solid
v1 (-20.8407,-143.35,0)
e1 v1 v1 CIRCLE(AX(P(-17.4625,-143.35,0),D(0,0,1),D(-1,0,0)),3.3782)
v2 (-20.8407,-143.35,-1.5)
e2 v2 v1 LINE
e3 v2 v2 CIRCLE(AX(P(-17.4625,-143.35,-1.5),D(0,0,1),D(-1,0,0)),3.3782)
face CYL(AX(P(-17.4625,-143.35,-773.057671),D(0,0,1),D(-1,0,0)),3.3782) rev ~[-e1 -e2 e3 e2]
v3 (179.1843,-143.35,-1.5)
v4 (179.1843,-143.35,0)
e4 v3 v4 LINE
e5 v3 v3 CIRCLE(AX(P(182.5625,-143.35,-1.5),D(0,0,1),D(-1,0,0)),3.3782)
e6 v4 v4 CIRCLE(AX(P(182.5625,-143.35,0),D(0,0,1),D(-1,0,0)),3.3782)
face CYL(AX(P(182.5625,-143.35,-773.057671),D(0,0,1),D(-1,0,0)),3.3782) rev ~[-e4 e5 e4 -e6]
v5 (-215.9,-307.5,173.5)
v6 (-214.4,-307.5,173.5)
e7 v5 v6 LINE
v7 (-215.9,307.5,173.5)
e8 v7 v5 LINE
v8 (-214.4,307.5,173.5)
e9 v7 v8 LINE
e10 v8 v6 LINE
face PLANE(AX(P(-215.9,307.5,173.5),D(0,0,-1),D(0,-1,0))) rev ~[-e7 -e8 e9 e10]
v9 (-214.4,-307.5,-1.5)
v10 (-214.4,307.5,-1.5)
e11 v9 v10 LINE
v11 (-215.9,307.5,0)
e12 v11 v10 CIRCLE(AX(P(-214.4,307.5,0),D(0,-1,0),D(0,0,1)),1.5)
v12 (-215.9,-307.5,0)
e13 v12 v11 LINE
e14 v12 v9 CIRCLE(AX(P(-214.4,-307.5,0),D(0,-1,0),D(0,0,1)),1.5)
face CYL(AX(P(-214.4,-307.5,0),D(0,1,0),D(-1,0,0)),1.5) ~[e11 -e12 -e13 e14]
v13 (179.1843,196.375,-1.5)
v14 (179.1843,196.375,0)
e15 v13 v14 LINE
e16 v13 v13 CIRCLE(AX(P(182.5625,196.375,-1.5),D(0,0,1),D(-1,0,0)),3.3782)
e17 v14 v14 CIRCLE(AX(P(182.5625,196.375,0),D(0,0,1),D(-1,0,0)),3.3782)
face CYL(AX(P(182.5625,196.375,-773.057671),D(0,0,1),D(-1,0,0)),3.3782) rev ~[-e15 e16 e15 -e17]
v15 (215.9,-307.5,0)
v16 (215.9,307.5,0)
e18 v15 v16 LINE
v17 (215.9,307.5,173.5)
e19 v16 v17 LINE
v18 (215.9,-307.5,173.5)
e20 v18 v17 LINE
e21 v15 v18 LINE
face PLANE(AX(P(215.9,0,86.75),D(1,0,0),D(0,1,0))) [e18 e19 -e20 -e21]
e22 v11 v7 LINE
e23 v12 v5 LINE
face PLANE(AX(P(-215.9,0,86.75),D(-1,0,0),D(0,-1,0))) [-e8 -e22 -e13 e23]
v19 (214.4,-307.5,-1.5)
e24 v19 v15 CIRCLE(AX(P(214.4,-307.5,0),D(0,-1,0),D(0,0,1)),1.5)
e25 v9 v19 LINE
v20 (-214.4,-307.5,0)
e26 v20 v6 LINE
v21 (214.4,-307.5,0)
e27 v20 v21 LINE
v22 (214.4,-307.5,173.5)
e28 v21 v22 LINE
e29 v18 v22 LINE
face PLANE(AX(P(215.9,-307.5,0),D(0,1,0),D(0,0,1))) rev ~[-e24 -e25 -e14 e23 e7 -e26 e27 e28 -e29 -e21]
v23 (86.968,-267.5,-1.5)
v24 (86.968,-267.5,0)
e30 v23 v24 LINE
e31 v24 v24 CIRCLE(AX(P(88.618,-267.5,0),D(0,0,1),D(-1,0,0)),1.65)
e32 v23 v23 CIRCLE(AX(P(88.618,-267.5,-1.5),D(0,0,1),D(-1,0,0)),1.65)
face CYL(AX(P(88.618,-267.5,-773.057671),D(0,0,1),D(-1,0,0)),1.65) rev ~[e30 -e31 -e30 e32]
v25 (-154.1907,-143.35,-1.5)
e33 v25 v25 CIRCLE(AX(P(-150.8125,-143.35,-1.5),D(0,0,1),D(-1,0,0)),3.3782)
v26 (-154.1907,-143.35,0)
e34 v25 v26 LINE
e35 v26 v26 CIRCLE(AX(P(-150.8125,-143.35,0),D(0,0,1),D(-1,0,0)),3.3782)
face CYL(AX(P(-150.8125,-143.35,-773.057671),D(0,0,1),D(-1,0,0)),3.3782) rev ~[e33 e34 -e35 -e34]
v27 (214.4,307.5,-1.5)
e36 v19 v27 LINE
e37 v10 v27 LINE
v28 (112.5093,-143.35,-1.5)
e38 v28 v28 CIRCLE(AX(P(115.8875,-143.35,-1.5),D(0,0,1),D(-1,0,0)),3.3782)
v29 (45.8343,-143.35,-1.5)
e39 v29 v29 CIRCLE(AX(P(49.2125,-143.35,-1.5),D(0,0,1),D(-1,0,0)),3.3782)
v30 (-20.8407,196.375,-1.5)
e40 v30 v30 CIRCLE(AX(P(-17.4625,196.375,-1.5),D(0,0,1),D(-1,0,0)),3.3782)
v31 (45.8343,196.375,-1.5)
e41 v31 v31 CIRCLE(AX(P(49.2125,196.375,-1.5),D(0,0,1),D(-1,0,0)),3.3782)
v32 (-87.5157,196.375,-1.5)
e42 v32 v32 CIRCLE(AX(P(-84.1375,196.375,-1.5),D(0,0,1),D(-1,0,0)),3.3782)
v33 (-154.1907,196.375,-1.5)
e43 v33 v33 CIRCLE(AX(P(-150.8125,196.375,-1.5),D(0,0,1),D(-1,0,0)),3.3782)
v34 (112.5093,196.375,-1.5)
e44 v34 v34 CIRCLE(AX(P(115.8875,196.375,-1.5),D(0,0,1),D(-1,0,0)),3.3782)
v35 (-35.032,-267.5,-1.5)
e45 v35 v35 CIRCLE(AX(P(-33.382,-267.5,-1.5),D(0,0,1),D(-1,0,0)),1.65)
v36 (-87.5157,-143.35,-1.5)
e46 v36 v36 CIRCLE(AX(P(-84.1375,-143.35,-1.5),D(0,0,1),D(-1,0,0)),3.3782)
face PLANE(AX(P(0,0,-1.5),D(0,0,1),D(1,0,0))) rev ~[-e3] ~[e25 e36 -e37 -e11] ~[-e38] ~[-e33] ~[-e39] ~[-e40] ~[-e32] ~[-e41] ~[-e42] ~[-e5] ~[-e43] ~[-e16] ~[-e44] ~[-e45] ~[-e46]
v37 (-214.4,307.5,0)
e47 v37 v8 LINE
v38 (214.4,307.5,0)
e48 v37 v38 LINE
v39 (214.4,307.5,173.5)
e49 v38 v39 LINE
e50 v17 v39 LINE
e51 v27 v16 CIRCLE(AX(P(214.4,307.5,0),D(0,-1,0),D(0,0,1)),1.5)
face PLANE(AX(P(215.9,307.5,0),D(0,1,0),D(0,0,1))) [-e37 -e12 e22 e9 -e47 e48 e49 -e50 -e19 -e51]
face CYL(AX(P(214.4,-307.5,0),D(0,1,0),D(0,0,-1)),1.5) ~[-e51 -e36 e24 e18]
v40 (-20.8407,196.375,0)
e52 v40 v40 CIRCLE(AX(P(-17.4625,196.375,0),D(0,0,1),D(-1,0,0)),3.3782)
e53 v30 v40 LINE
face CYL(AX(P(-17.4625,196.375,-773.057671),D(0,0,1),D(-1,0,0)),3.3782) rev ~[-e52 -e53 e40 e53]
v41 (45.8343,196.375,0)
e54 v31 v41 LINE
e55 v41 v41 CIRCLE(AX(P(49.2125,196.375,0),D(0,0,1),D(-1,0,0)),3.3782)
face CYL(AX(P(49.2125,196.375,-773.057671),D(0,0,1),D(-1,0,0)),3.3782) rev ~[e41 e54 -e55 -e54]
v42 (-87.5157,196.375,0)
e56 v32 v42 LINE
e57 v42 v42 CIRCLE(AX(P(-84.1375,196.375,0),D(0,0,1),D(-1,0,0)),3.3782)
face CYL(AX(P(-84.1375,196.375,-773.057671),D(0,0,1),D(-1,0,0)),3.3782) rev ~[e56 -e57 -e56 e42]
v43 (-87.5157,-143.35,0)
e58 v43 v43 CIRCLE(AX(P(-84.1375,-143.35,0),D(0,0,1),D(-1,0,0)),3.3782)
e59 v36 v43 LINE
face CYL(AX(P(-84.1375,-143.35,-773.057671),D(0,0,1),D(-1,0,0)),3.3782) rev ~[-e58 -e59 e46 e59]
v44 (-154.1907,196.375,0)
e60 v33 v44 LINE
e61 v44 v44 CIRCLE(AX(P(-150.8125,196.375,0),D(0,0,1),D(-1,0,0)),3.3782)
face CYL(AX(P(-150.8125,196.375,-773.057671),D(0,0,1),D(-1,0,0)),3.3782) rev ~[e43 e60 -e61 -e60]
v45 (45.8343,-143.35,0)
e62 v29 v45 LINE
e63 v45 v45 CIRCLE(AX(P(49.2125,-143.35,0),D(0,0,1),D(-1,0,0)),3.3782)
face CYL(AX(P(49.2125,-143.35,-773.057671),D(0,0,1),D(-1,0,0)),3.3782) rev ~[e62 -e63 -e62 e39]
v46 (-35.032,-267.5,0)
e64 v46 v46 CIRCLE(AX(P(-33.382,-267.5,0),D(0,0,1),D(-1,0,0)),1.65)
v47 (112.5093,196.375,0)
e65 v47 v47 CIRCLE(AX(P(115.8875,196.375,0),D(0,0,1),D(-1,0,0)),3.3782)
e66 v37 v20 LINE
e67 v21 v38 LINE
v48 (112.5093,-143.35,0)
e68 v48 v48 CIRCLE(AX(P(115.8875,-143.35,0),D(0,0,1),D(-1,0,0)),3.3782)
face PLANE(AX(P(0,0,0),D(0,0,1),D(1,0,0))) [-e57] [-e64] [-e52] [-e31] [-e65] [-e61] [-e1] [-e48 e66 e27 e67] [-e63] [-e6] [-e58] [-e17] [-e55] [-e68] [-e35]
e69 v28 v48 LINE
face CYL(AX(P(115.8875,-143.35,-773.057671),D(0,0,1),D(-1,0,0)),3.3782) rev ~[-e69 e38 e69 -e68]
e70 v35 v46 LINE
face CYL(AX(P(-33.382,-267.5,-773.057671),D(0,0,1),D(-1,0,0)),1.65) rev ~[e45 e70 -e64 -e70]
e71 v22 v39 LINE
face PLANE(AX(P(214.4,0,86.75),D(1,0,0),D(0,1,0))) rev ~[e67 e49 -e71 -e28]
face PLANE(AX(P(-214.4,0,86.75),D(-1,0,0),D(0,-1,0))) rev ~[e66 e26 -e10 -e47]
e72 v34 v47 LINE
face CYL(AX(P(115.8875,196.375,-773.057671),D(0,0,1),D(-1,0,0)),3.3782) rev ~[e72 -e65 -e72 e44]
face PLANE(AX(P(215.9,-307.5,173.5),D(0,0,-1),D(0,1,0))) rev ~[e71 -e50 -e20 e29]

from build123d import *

# Parameters (mm, degrees)
F0_W     = 431.8
F0_H     = 615
F1_DEPTH = 1.5
F2_W     = 615
F2_H     = 173.5
F3_DEPTH = 1.5
F4_W     = 615
F4_H     = 173.5
F5_DEPTH = 1.5
F6_R     = 1.5
F8_D     = 6.7564
F9_D     = 3.3


with BuildPart() as f1:
    # F0 (on Top) → F1 (new body)
    with BuildSketch(Plane.XY):
        Rectangle(F0_W, F0_H)
    extrude(amount=-F1_DEPTH)

    # F2 (on face) → F3 (join)
    with BuildSketch(Plane(origin=(-215.9, 0, 0), x_dir=(0, -1, 0), z_dir=(-1, 0, 0))):
        with Locations((0, 86.75)):
            Rectangle(F2_W, F2_H)
    extrude(amount=-F3_DEPTH)

    # F4 (on face) → F5 (join)
    with BuildSketch(Plane.YZ.offset(215.9)):
        with Locations((0, 86.75)):
            Rectangle(F4_W, F4_H)
    extrude(amount=-F5_DEPTH)

    # F6
    f6_edges = [f1.edges().sort_by_distance(p)[0] for p in [
        (-215.9, 0, -1.5),
        (215.9, 0, -1.5),
    ]]
    fillet(f6_edges, radius=F6_R)

    # F8 (through all)
    with Locations(Plane(origin=(0, 0, -1.5), x_dir=(1, 0, 0), z_dir=(0, 0, -1))):
        with Locations((-84.1375, 143.35), (-17.4625, 143.35), (49.2125, 143.35), (115.8875, 143.35), (182.5625, 143.35), (182.5625, -196.375), (115.8875, -196.375), (49.2125, -196.375), (-17.4625, -196.375), (-84.1375, -196.375), (-150.8125, -196.375), (-150.8125, 143.35)):
            Hole(F8_D / 2)

    # F9 (through all)
    with Locations(Plane(origin=(0, 0, -1.5), x_dir=(1, 0, 0), z_dir=(0, 0, -1))):
        with Locations((-33.382, 267.5), (88.618, 267.5)):
            Hole(F9_D / 2)


solid = f1.part
